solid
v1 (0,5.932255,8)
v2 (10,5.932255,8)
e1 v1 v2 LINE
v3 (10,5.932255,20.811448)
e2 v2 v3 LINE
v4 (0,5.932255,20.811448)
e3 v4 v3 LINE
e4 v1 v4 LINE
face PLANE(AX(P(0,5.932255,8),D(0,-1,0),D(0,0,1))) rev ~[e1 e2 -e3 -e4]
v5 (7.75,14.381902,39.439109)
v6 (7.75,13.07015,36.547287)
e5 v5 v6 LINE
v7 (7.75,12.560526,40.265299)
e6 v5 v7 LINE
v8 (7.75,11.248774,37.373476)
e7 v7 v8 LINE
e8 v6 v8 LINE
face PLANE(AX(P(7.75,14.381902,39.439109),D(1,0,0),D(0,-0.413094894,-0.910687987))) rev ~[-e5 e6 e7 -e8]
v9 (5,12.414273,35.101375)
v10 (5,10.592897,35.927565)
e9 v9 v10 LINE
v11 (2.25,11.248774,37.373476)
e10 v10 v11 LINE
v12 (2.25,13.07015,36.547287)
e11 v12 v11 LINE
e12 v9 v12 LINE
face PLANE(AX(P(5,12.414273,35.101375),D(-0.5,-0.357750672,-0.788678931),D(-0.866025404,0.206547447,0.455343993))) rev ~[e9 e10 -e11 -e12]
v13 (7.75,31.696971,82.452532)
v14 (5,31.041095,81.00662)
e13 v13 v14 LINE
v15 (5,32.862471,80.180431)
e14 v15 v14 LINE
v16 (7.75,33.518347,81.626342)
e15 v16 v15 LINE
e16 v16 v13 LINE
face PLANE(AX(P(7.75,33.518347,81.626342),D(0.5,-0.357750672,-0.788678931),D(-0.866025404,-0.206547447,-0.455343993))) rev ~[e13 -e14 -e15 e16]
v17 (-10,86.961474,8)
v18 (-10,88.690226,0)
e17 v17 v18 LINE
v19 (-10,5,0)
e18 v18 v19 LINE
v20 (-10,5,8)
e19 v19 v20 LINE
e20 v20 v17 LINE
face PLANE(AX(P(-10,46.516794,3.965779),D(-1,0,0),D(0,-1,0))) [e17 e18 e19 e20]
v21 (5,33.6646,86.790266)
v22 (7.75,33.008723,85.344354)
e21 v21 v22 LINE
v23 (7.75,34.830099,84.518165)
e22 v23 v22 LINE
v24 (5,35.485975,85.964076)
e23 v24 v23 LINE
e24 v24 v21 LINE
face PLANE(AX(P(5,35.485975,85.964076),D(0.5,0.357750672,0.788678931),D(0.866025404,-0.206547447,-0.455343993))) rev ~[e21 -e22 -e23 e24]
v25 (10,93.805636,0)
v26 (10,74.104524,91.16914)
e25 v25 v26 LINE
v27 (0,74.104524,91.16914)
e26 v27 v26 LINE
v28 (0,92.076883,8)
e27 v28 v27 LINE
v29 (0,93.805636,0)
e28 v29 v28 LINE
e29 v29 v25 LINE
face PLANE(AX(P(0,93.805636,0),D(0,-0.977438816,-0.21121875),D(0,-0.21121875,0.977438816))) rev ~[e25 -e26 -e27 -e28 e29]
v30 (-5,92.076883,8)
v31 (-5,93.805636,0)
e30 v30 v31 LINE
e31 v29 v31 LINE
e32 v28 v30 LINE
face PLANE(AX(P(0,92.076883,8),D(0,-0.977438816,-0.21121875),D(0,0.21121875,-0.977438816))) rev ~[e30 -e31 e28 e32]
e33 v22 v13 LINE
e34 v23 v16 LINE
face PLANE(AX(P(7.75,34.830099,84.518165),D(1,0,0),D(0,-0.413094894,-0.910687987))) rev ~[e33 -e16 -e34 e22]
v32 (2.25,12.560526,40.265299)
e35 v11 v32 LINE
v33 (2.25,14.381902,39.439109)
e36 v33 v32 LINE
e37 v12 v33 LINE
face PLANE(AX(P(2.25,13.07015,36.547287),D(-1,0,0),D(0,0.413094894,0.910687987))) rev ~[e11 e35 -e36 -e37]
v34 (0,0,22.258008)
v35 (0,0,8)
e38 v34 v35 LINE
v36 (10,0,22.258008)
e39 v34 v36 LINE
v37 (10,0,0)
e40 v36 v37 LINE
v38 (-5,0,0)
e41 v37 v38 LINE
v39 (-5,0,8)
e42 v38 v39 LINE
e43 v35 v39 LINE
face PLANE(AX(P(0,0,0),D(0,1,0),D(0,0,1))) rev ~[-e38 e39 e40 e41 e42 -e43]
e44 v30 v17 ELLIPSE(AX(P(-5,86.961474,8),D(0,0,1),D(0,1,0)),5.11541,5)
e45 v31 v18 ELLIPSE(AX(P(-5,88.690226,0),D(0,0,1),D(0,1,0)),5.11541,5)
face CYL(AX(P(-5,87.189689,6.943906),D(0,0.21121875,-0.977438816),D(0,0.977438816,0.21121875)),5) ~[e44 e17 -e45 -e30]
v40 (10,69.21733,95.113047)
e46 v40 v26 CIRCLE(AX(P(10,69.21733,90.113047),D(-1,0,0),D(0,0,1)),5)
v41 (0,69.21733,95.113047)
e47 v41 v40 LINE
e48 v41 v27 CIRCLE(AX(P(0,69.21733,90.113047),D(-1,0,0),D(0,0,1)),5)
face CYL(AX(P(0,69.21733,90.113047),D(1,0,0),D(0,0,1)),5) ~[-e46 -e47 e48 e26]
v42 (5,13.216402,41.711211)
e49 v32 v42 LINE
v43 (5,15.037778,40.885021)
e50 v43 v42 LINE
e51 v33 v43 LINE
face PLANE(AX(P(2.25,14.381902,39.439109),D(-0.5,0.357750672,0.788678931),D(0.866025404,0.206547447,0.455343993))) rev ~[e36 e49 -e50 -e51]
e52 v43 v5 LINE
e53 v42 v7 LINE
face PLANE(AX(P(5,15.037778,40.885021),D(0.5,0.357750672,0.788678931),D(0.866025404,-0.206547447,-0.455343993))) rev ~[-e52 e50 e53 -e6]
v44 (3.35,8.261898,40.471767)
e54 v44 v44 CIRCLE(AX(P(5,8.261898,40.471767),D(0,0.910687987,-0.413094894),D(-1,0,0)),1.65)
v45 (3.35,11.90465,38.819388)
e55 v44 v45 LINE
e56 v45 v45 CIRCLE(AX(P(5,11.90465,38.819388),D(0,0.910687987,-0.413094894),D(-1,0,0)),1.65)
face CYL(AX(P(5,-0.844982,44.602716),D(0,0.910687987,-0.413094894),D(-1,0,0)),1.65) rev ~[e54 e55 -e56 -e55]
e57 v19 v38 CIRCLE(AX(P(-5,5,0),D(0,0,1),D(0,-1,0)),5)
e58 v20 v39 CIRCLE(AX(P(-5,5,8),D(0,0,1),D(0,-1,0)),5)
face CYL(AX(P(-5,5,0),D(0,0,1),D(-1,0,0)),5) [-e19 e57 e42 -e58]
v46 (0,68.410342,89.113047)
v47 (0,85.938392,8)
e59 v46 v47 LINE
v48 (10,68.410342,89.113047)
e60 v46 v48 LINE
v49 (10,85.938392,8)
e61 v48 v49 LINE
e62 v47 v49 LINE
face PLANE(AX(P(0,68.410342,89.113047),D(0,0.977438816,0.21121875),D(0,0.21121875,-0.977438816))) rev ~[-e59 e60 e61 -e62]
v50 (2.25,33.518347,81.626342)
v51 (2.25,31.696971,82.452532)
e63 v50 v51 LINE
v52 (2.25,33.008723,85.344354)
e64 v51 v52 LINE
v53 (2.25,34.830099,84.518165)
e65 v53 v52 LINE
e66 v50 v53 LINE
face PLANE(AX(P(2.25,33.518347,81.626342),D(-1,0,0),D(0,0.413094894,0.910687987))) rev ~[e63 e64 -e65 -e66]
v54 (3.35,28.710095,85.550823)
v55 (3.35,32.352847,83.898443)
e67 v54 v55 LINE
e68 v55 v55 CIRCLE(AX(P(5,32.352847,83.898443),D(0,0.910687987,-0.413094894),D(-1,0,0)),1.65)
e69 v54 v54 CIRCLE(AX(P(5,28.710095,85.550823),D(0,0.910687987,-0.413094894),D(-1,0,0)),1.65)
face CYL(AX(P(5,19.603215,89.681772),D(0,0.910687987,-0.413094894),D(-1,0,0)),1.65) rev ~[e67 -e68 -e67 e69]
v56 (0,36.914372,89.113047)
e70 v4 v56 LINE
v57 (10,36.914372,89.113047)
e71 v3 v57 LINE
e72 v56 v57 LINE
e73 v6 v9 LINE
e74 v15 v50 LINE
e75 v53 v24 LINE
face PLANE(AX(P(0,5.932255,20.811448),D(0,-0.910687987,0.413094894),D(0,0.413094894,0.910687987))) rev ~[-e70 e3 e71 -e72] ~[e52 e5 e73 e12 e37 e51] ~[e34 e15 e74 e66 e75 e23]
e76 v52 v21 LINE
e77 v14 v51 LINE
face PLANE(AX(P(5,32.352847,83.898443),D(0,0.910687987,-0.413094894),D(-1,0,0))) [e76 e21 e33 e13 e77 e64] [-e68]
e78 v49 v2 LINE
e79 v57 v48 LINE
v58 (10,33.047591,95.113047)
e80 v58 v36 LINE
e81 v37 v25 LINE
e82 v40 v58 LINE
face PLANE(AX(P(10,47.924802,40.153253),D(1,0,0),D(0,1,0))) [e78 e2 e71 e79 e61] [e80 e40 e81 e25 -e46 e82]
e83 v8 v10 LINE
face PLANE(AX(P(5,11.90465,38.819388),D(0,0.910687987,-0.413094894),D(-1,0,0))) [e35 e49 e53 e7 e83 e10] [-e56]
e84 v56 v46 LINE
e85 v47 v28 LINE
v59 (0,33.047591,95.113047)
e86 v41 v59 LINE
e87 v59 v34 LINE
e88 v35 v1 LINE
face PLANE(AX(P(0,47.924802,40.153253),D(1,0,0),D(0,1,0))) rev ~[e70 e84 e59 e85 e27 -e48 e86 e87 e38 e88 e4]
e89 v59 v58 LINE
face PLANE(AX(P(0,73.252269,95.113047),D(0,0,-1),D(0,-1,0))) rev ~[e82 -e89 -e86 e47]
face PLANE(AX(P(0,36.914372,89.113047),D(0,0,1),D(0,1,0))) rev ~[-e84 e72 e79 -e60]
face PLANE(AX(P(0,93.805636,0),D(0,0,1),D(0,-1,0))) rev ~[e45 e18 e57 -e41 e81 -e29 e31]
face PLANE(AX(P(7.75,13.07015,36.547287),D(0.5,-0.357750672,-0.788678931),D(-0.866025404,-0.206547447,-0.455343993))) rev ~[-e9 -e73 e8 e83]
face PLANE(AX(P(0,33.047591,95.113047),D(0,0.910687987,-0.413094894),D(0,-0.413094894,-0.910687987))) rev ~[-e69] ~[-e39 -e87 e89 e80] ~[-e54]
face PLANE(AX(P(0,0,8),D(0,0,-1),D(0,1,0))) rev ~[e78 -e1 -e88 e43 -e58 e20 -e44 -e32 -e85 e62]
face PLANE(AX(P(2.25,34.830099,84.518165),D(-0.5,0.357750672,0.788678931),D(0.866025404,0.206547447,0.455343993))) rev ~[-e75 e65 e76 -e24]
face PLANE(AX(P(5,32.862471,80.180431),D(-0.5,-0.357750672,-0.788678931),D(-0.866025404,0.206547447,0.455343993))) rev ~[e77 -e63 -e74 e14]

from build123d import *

# Parameters (mm, degrees)
F1_DEPTH = 10
F3_DEPTH = 10
F4_R     = 5
F6_D     = 3.3
F6_DEPTH = 10
F6_TIP   = 0.9914200214
F8_DEPTH = 2


with BuildPart() as f1:
    # F0 (on Right) → F1 (new body)
    with BuildSketch(Plane.YZ):
        Polygon((0, 22.2580076184), (0, 0), (93.8056360581, 0), (73.2522689977, 95.1130465462), (33.0475914831, 95.1130465462), align=None)
        Polygon((68.4103418893, 89.1130465462), (85.9383917163, 8), (5.9322550672, 8), (5.9322550672, 20.8114475514), (36.9143720826, 89.1130465462), align=None, mode=Mode.SUBTRACT)
    extrude(amount=F1_DEPTH)

    # F2 (on face) → F3 (join)
    with BuildSketch(Plane(origin=(0, 0, 0), x_dir=(0, -1, 0), z_dir=(-1, 0, 0))):
        Polygon((-85.9383917163, 8), (-92.0768833533, 8), (-93.8056360581, 0), (0, 0), (0, 8), (-5.9322550672, 8), align=None)
    extrude(amount=F3_DEPTH)

    # F4
    f4_edges = [f1.edges().sort_by_distance(p)[0] for p in [
        (-10, 92.94126, 4),
        (-10, 0, 4),
        (5, 73.252269, 95.113047),
    ]]
    fillet(f4_edges, radius=F4_R)

    # F6
    with Locations(Plane(origin=(0, -8.3734748609, 3.7982709305), x_dir=(1, 0, 0), z_dir=(0, -0.9106879866, 0.4130948935))):
        with Locations((5, 89.7701001437), (5, 40.2701001437)):
            Hole(F6_D / 2, depth=F6_DEPTH)
            with Locations((0, 0, -(F6_DEPTH + F6_TIP / 2))):  # 118° drill point
                Cone(0, F6_D / 2, F6_TIP, mode=Mode.SUBTRACT)

    # F7 (on face) → F8 (cut)
    with BuildSketch(Plane(origin=(0, -2.9093469413, 1.3197015692), x_dir=(-1, 0, 0), z_dir=(0, 0.9106879866, -0.4130948935))):
        Polygon((-7.75, 41.857813384), (-7.75, 38.6823869034), (-5, 37.0946736632), (-2.25, 38.6823869034), (-2.25, 41.857813384), (-5, 43.4455266242), align=None)
        Polygon((-7.75, 91.357813384), (-7.75, 88.1823869034), (-5, 86.5946736632), (-2.25, 88.1823869034), (-2.25, 91.357813384), (-5, 92.9455266242), align=None)
    extrude(amount=-F8_DEPTH, mode=Mode.SUBTRACT)


solid = f1.part
